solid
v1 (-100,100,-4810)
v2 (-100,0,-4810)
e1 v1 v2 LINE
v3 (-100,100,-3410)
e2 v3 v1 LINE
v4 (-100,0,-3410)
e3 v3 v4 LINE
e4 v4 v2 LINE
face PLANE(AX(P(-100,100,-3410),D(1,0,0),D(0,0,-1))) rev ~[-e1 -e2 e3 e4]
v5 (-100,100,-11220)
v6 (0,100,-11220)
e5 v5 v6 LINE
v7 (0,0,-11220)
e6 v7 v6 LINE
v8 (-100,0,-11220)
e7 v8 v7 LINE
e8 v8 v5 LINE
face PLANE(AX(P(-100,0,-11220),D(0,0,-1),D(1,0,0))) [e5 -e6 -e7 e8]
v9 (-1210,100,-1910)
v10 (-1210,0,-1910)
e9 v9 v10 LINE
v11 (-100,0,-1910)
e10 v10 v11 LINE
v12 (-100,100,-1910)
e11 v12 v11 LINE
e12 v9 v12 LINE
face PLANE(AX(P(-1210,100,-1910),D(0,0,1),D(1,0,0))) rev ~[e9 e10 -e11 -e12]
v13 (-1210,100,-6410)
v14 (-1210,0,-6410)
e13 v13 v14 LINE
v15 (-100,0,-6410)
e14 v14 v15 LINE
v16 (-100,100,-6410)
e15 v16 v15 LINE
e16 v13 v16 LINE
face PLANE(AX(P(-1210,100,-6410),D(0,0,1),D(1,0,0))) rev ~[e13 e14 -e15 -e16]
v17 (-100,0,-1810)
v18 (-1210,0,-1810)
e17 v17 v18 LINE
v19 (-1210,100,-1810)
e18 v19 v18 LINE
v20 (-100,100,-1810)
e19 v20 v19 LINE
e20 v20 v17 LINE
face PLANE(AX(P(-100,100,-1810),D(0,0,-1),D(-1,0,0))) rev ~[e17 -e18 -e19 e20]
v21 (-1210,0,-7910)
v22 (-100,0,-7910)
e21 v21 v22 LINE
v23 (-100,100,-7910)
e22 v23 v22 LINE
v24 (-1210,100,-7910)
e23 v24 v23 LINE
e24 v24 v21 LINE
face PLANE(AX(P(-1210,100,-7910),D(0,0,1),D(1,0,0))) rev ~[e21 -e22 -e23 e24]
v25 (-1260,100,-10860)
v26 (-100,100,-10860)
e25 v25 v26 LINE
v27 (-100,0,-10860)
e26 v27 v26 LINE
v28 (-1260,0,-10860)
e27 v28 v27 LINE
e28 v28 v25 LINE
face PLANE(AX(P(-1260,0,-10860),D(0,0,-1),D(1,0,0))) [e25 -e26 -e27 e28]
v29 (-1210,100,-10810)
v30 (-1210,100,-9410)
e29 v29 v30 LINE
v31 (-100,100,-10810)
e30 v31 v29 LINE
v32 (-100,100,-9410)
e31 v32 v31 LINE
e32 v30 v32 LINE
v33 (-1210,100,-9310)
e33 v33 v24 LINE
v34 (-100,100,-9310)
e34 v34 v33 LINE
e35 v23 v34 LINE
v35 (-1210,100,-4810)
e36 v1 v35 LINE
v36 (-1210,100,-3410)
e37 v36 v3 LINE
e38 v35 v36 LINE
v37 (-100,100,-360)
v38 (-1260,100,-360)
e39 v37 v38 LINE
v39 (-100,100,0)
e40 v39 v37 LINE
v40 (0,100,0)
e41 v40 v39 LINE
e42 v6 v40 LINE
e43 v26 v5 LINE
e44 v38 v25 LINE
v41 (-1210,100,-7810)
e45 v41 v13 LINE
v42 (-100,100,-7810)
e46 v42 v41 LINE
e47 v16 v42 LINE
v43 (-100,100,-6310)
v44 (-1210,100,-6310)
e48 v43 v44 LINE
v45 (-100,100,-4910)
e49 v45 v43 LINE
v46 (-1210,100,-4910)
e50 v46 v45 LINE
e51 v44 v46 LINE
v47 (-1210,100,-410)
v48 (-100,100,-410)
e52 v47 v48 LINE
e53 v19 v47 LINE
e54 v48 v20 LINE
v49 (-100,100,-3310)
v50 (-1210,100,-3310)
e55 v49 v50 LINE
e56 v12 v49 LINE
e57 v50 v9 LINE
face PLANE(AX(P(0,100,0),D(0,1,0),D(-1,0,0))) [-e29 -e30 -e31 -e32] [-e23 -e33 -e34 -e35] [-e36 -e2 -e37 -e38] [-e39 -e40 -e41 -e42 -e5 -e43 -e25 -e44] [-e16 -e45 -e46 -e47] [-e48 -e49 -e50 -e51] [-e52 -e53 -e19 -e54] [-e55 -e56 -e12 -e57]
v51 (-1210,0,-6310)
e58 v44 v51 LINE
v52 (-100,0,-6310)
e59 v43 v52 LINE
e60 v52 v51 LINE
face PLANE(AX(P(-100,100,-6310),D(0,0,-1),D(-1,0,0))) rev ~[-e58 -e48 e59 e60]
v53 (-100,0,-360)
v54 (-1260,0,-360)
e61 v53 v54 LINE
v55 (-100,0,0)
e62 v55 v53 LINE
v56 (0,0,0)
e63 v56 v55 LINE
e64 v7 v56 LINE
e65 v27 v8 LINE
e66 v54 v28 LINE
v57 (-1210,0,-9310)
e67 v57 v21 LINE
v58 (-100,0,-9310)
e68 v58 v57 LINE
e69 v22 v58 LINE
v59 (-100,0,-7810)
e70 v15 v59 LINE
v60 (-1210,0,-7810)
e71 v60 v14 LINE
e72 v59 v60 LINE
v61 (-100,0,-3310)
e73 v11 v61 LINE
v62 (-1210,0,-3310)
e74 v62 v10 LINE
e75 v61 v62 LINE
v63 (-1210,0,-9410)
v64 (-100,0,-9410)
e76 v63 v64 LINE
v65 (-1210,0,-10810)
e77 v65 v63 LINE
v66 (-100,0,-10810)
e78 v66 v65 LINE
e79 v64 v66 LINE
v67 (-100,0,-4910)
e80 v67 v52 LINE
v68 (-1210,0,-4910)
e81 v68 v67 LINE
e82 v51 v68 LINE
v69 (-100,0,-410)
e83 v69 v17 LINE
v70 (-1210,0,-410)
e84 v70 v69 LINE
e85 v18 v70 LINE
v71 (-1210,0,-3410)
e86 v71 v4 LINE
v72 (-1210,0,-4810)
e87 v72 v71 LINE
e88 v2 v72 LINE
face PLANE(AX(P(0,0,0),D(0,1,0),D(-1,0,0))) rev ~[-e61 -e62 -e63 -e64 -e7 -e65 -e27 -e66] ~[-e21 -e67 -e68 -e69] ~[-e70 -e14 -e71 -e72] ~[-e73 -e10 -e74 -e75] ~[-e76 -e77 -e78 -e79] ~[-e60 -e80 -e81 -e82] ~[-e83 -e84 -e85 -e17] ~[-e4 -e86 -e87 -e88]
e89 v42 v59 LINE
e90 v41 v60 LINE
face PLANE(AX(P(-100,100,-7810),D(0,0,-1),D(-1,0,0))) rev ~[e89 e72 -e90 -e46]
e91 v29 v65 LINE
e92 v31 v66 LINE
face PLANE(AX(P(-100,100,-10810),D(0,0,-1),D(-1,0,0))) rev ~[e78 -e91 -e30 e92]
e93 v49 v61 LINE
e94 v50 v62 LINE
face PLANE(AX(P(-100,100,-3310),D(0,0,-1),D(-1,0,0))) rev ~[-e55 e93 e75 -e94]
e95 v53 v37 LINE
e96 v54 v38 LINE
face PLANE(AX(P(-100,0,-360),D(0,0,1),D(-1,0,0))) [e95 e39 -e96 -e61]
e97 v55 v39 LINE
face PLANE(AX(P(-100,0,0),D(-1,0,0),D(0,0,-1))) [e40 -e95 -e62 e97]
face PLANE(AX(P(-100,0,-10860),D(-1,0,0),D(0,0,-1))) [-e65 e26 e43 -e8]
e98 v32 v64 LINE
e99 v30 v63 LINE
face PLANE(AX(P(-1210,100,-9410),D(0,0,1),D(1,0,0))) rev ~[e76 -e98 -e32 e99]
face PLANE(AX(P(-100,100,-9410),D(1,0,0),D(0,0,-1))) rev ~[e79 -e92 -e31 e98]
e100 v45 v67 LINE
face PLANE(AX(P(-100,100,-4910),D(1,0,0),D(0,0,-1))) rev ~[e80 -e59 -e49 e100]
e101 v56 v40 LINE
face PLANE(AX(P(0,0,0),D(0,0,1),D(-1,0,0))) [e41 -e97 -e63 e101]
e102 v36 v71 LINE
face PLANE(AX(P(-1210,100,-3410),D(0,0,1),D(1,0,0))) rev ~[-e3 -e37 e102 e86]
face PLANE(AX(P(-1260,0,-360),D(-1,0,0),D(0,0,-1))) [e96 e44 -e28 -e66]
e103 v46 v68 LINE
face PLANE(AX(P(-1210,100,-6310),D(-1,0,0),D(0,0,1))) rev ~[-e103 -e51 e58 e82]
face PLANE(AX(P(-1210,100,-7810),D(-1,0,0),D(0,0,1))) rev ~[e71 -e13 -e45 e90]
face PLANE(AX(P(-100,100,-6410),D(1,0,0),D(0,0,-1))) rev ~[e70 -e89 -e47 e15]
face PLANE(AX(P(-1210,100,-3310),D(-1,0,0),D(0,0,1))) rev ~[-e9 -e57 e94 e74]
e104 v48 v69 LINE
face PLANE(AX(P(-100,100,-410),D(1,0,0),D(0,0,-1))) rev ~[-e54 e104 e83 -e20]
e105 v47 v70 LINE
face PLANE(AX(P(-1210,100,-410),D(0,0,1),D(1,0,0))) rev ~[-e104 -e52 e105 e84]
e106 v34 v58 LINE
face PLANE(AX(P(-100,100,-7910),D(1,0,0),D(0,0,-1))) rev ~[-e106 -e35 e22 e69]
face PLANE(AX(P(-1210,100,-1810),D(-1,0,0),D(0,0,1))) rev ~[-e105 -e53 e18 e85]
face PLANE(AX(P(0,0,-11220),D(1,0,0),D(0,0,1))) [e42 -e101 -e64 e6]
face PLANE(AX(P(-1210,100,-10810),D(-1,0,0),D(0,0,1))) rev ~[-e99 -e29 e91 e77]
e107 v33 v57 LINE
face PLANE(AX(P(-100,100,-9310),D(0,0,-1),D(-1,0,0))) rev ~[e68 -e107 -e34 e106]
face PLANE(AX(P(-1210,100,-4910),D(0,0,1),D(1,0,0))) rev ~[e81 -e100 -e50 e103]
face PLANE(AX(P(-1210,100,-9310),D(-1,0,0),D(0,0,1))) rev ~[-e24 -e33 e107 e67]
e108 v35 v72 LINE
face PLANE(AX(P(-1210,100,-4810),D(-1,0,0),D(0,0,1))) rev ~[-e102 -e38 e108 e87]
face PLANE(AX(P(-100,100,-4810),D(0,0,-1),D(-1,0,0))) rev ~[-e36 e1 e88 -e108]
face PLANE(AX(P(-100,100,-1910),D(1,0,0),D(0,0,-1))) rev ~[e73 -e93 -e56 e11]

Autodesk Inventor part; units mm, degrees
ref_plane "YZ Plane" through (0, 0, 0) normal (1, 0, 0) x (0, 1, 0)
ref_plane "XZ Plane" through (0, 0, 0) normal (0, 1, 0) x (-1, 0, 0)
ref_plane "XY Plane" through (0, 0, 0) normal (0, 0, 1) x (1, 0, 0)
sketch "Sketch1" plane through (0, 0, 0) normal (0, 1, 0) x (-1, 0, 0)
  line L0 (0, 0) -> (100, 0)
  line L1 (100, 0) -> (100, -360)
  line L2 (100, -360) -> (1260, -360)
  line L3 (1260, -360) -> (1260, -10860)
  line L4 (1260, -10860) -> (100, -10860)
  line L5 (100, -10860) -> (100, -11220)
  line L6 (100, -11220) -> (0, -11220)
  line L7 (0, -11220) -> (0, 0)
  dimension "d0" = 11220
  dimension "d1" = 100
  dimension "d2" = 100
  dimension "d3" = 1260
  dimension "d4" = 10500
  dimension "d5" = 360
extrude "Extrusion1" add sketch "Sketch1" along normal blind 100
sketch "Sketch2" plane through (0, 100, 0) normal (0, 1, 0) x (1, 0, 0)
  line L0 (-1210, 410) -> (-100, 410)
  line L1 (-100, 410) -> (-100, 1810)
  line L2 (-100, 1810) -> (-1210, 1810)
  line L3 (-1210, 1810) -> (-1210, 410)
  point P0 (0, 0)
  dimension "d14" = 1400
  dimension "d15" = 1110
  dimension "d16" = 100
  dimension "d17" = 410
extrude "Extrusion2" cut sketch "Sketch2" against normal blind 100
sketch "Sketch3" plane through (0, 100, 0) normal (0, 1, 0) x (1, 0, 0)
  line L0 (-1210, 1910) -> (-100, 1910)
  line L1 (-100, 1910) -> (-100, 3310)
  line L2 (-100, 3310) -> (-1210, 3310)
  line L3 (-1210, 3310) -> (-1210, 1910)
  point P0 (0, 0)
  dimension "d20" = 1910
  dimension "d21" = 100
  dimension "d22" = 1400
  dimension "d23" = 1110
extrude "Extrusion3" cut sketch "Sketch3" against normal blind 100
sketch "Sketch4" plane through (0, 100, 0) normal (0, 1, 0) x (1, 0, 0)
  line L0 (-1210, 3410) -> (-100, 3410)
  line L1 (-100, 3410) -> (-100, 4810)
  line L2 (-100, 4810) -> (-1210, 4810)
  line L3 (-1210, 4810) -> (-1210, 3410)
  point P0 (0, 0)
  dimension "d26" = 3410
  dimension "d27" = 100
  dimension "d28" = 1400
  dimension "d29" = 1110
extrude "Extrusion5" cut sketch "Sketch4" against normal blind 100
sketch "Sketch5" plane through (0, 100, 0) normal (0, 1, 0) x (1, 0, 0)
  line L0 (-1210, 4910) -> (-100, 4910)
  line L1 (-100, 4910) -> (-100, 6310)
  line L2 (-100, 6310) -> (-1210, 6310)
  line L3 (-1210, 6310) -> (-1210, 4910)
  point P0 (0, 0)
  dimension "d37" = 4910
  dimension "d38" = 100
  dimension "d39" = 1400
  dimension "d40" = 1110
extrude "Extrusion6" cut sketch "Sketch5" against normal blind 100
sketch "Sketch6" plane through (0, 100, 0) normal (0, 1, 0) x (1, 0, 0)
  line L0 (-1210, 6410) -> (-100, 6410)
  line L1 (-100, 6410) -> (-100, 7810)
  line L2 (-100, 7810) -> (-1210, 7810)
  line L3 (-1210, 7810) -> (-1210, 6410)
  point P0 (0, 0)
  dimension "d43" = 1400
  dimension "d44" = 1110
  dimension "d45" = 6410
  dimension "d46" = 100
extrude "Extrusion7" cut sketch "Sketch6" against normal blind 100
sketch "Sketch7" plane through (0, 100, 0) normal (0, 1, 0) x (1, 0, 0)
  line L0 (-1210, 7910) -> (-100, 7910)
  line L1 (-100, 7910) -> (-100, 9310)
  line L2 (-100, 9310) -> (-1210, 9310)
  line L3 (-1210, 9310) -> (-1210, 7910)
  point P0 (0, 0)
  dimension "d49" = 1400
  dimension "d50" = 1110
  dimension "d51" = 7910
  dimension "d52" = 100
extrude "Extrusion8" cut sketch "Sketch7" against normal blind 100
sketch "Sketch8" plane through (0, 100, 0) normal (0, 1, 0) x (1, 0, 0)
  line L0 (-1210, 9410) -> (-100, 9410)
  line L1 (-100, 9410) -> (-100, 10810)
  line L2 (-100, 10810) -> (-1210, 10810)
  line L3 (-1210, 10810) -> (-1210, 9410)
  point P0 (0, 0)
  dimension "d55" = 1110
  dimension "d56" = 1400
  dimension "d57" = 9410
  dimension "d58" = 100
extrude "Extrusion9" cut sketch "Sketch8" against normal blind 100
properties part number "Gesims"
